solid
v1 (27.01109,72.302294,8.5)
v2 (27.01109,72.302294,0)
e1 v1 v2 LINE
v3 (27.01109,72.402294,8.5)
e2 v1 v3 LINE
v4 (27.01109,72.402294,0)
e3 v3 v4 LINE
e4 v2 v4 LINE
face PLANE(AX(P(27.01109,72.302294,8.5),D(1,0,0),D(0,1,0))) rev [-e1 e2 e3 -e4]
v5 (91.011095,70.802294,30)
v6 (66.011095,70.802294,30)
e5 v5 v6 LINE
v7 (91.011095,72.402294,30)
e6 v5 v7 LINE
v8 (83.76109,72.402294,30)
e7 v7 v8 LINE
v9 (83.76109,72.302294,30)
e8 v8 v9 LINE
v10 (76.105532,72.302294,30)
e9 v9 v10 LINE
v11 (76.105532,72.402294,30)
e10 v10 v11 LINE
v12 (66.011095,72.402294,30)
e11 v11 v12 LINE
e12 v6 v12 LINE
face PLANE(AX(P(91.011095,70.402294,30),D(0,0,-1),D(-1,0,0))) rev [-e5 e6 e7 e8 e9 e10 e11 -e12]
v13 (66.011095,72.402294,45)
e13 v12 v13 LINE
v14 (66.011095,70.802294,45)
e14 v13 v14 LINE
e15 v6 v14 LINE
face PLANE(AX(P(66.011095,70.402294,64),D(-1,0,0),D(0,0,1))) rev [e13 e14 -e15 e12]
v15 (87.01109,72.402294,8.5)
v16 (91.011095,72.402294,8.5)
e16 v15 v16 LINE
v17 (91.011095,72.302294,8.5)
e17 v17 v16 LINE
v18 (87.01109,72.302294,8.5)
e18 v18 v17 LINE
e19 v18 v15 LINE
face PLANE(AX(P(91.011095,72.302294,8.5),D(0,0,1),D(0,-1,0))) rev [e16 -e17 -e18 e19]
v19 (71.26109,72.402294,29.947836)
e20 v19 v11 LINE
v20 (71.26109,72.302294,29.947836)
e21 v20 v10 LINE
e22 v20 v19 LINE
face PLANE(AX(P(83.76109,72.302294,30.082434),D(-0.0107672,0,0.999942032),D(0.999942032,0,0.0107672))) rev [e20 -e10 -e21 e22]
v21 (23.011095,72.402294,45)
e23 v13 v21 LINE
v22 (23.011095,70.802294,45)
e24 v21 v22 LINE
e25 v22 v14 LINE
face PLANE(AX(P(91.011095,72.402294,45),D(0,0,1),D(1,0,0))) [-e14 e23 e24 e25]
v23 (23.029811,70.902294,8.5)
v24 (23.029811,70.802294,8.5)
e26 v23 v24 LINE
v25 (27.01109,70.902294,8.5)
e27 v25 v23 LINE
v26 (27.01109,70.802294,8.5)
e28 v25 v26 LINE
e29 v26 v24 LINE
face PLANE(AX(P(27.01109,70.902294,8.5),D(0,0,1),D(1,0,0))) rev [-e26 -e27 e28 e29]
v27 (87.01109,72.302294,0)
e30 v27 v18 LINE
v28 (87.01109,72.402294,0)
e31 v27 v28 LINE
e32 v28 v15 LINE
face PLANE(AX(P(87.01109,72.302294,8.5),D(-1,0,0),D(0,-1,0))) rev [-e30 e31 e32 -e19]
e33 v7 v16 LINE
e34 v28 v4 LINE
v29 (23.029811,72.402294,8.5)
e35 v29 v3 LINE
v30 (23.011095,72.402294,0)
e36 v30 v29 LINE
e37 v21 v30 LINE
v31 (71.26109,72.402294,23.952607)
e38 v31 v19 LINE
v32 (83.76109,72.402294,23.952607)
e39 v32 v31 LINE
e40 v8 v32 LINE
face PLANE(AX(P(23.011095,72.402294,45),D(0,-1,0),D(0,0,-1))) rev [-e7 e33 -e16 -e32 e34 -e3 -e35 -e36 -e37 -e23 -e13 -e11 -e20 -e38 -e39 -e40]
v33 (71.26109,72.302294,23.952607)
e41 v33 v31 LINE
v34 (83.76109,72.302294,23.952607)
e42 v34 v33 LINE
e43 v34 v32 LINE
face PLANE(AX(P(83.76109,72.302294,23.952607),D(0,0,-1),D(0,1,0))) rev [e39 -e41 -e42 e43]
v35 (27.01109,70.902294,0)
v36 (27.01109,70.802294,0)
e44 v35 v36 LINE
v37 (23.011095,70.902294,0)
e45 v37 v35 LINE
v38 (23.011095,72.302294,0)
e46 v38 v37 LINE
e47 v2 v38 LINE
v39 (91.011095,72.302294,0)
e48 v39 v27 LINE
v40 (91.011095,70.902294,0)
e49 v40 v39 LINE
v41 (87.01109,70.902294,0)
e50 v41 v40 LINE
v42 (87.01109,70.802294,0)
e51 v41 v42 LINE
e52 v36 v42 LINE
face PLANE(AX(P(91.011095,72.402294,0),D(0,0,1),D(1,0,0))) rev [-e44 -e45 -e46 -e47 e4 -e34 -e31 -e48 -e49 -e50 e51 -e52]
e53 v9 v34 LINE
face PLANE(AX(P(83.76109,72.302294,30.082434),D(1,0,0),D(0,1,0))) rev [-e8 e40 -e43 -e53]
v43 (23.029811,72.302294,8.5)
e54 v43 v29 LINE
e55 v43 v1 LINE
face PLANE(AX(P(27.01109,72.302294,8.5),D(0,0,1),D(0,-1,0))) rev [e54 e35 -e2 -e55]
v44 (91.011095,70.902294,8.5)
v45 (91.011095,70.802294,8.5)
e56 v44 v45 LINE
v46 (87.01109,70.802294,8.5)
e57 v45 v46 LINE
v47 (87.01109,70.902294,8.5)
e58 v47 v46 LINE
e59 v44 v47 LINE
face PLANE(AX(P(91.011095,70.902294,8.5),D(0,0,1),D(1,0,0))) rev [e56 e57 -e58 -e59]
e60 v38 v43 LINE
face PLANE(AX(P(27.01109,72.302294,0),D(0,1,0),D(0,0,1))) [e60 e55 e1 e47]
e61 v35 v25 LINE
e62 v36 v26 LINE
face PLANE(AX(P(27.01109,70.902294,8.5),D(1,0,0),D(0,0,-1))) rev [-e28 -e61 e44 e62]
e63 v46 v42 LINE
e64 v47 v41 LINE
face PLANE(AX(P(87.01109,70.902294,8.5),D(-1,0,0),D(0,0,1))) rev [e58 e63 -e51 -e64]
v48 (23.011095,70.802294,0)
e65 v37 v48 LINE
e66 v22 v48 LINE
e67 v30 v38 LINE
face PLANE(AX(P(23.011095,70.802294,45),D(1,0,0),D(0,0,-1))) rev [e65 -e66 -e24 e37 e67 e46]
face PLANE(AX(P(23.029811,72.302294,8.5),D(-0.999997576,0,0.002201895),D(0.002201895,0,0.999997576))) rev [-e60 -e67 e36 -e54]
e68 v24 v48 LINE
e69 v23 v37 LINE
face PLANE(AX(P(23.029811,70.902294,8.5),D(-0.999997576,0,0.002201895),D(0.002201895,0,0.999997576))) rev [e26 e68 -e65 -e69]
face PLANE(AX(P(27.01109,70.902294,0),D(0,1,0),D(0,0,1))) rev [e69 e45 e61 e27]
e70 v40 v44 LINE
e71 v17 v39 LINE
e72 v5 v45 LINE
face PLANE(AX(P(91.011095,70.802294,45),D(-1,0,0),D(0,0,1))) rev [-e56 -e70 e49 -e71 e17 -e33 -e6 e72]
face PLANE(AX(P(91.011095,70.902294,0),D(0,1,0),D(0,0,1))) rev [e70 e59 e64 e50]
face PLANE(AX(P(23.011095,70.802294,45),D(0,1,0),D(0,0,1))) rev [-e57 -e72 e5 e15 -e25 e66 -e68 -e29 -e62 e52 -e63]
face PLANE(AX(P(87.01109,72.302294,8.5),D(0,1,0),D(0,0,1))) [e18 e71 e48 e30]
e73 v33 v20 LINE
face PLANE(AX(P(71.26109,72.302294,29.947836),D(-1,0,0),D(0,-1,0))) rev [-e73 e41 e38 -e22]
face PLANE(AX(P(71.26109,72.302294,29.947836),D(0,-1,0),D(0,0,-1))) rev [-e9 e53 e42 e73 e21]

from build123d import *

# Parameters (mm, degrees)
ESQUISSE1_W             = 68
ESQUISSE1_H             = 1.6
EXTRUSION1_DEPTH        = 45
ESQUISSE2_W             = 25
ESQUISSE2_H             = 34
ENL_V_MAT_EXTRU_1_DEPTH = 2
ESQUISSE4_W             = 4.000005344
ESQUISSE4_H             = 8.5
ENL_V_MAT_EXTRU_2_DEPTH = 0.1
ESQUISSE5_W             = 4.000005344
ESQUISSE5_H             = 8.5
ENL_V_MAT_EXTRU_3_DEPTH = 0.1


with BuildPart() as part:
    # Esquisse1 → Extrusion1 (new body)
    with BuildSketch(Plane.XY):
        with Locations((57.011095297, 71.602293989)):
            Rectangle(ESQUISSE1_W, ESQUISSE1_H)
    extrude(amount=EXTRUSION1_DEPTH)

    # Esquisse2 → Enlèv. mat.-Extru.1 (cut)
    with BuildSketch(Plane(origin=(0, 72.402293989, 0), x_dir=(-1, 0, 0), z_dir=(0, 1, 0))):
        with Locations((-78.511095297, 47)):
            Rectangle(ESQUISSE2_W, ESQUISSE2_H)
    extrude(amount=-ENL_V_MAT_EXTRU_1_DEPTH, mode=Mode.SUBTRACT)

    # Esquisse4 → Enlèv. mat.-Extru.2 (cut)
    with BuildSketch(Plane(origin=(0, 72.402293989, 0), x_dir=(-1, 0, 0), z_dir=(0, 1, 0))):
        with Locations((-89.011092625, 4.25)):
            Rectangle(ESQUISSE4_W, ESQUISSE4_H)
        Polygon((-27.011089953, 8.5), (-27.011089953, 0), (-23.011095297, 0), (-23.029811449, 8.5), align=None)
        Polygon((-83.761089902, 23.952607164), (-71.261089902, 23.952607164), (-71.261089902, 29.947835896), (-83.761089902, 30.082433695), align=None)
    extrude(amount=-ENL_V_MAT_EXTRU_2_DEPTH, mode=Mode.SUBTRACT)

    # Esquisse5 → Enlèv. mat.-Extru.3 (cut)
    with BuildSketch(Plane.XZ.offset(-70.802293989)):
        Polygon((23.029811449, 8.5), (23.011095297, 0), (27.011089953, 0), (27.011089953, 8.5), align=None)
        with Locations((89.011092625, 4.25)):
            Rectangle(ESQUISSE5_W, ESQUISSE5_H)
    extrude(amount=-ENL_V_MAT_EXTRU_3_DEPTH, mode=Mode.SUBTRACT)


solid = part.part
